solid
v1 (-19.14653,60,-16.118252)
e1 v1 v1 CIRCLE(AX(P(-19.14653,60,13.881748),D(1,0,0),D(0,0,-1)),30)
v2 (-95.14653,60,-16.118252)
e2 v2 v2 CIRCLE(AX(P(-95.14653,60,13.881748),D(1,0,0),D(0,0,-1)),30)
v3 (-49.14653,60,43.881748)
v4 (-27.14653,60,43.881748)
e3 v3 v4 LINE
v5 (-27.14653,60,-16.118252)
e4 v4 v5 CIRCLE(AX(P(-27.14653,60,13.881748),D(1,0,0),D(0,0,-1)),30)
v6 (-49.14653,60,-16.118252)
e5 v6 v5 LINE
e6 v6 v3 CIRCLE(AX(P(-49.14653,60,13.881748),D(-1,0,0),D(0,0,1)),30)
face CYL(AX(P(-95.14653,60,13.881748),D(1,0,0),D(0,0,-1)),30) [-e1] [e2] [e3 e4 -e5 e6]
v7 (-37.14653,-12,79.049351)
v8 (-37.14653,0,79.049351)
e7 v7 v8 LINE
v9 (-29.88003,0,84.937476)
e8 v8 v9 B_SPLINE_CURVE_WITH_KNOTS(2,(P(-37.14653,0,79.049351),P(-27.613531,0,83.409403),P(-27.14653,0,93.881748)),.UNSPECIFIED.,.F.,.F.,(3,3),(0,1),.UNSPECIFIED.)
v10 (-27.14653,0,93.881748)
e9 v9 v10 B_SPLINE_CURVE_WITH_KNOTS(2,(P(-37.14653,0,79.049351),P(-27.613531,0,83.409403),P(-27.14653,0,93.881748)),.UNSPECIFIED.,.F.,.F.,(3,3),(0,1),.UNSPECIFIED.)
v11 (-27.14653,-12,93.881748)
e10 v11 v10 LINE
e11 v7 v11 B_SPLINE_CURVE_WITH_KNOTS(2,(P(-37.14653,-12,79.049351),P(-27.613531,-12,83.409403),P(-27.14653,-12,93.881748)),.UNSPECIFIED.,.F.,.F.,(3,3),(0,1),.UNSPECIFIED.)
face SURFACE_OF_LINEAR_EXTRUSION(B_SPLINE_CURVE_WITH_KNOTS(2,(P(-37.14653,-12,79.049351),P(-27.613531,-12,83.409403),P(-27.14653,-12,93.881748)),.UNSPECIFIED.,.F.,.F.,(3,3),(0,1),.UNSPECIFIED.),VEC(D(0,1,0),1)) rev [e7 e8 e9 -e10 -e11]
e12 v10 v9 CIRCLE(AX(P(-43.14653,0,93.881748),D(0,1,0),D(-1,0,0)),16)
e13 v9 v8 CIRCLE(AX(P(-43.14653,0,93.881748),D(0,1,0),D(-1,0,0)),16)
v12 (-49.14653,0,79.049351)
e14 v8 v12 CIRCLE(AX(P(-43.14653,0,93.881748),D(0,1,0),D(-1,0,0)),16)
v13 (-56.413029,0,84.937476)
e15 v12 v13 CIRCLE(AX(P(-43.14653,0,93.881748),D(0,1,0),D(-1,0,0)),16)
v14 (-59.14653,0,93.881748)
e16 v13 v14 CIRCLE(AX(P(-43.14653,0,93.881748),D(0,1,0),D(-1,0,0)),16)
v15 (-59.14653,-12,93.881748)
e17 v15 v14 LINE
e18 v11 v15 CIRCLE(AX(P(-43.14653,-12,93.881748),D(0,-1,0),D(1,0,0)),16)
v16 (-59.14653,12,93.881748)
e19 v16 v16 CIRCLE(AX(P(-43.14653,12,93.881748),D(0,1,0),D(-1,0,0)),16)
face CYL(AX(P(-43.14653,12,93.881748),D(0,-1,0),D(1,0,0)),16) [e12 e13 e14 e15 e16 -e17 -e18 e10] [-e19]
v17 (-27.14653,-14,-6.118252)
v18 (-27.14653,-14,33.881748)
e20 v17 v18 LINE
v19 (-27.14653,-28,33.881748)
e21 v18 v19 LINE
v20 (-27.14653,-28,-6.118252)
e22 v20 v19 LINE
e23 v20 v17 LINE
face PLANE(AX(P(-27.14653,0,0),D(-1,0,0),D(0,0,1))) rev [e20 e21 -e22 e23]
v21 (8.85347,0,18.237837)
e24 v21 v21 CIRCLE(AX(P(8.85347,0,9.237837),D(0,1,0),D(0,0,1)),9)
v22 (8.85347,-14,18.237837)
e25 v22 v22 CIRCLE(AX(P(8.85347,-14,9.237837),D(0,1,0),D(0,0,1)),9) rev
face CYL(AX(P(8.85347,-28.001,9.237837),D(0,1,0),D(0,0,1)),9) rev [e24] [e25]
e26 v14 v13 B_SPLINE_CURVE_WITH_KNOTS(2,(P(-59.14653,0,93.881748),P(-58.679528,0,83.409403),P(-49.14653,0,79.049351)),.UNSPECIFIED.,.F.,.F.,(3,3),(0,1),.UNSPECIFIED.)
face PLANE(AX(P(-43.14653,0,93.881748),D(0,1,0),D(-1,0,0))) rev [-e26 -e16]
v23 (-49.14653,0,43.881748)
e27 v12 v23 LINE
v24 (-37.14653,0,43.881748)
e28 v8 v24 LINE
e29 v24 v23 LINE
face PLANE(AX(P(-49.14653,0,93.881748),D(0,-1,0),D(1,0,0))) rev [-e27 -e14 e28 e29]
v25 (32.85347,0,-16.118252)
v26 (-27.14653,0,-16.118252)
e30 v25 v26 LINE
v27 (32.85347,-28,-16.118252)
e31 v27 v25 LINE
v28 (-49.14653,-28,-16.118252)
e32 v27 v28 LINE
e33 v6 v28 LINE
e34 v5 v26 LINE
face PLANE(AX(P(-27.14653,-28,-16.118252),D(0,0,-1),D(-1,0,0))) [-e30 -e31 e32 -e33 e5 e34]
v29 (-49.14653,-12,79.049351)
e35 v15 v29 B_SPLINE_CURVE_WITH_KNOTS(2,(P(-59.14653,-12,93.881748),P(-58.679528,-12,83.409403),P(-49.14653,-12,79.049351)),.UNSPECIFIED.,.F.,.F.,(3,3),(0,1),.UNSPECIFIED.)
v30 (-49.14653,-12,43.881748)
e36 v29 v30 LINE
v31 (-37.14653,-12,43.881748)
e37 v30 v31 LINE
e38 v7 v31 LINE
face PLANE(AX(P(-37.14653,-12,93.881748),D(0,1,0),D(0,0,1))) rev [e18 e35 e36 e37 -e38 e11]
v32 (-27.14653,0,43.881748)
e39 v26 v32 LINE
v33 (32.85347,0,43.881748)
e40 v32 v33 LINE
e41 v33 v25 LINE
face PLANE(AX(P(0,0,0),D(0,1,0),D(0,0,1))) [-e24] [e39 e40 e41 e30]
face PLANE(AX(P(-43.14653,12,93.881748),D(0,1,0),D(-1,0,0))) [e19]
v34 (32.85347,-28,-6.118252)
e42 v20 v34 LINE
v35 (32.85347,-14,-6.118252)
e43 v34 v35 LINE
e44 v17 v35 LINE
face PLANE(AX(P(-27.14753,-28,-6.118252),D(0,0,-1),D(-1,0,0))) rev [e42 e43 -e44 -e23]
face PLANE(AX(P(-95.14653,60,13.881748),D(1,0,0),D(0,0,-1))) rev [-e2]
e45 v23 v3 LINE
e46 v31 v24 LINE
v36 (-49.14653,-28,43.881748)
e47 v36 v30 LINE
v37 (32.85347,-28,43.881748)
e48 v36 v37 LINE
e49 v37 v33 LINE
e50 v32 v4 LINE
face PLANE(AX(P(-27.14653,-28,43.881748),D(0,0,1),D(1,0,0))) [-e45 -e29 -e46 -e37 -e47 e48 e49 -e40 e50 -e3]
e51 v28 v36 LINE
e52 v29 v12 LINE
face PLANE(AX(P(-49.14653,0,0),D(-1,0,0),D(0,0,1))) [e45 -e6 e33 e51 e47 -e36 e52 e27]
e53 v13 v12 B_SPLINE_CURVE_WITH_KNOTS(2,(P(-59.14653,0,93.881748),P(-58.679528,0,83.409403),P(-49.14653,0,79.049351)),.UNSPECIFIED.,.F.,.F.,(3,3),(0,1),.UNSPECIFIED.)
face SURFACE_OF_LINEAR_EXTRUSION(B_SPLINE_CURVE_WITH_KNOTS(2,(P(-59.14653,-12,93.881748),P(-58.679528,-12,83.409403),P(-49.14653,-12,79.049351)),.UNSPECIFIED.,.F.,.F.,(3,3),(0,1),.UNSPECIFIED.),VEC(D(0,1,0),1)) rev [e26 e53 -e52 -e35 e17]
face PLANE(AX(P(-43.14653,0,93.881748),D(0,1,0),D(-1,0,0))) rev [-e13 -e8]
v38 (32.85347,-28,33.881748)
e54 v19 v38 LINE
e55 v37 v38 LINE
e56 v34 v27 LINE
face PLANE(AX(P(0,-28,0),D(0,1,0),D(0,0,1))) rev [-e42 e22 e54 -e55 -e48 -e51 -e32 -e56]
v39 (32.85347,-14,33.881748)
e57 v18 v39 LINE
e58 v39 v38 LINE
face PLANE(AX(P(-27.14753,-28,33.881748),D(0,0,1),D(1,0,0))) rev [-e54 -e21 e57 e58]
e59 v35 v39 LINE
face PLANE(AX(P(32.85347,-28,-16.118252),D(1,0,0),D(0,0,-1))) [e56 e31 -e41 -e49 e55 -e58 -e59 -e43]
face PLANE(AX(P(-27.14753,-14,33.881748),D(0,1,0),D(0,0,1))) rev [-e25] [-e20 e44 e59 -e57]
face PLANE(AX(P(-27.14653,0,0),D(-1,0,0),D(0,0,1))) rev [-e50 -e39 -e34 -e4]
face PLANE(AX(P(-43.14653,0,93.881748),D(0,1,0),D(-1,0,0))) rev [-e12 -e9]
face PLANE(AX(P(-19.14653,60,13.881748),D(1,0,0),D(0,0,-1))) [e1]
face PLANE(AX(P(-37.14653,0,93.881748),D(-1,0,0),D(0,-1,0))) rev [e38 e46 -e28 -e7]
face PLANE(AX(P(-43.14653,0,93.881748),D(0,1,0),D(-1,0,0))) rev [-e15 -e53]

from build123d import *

# Parameters (mm, degrees)
SKETCH1_W            = 60
SKETCH1_H            = 60
BOSS_EXTRUDE1_DEPTH  = 28
CUT_EXTRUDE1_REACH   = 81.433
SKETCH2_W            = 40
SKETCH2_H            = 14
CUT_EXTRUDE2_REACH   = 63.555
SKETCH3_R            = 9
SKETCH4_W            = 60
SKETCH4_H            = 60
BOSS_EXTRUDE2_DEPTH  = 22
SKETCH5_W            = 60
SKETCH5_H            = 28
BOSS_EXTRUDE3_DEPTH  = 22
SKETCH6_R            = 30
BOSS_EXTRUDE5_DEPTH  = 68
BOSS_EXTRUDE6_START  = 8
SKETCH8_R            = 30
BOSS_EXTRUDE6_DEPTH  = 8
SKETCH9_W            = 12
SKETCH9_H            = 12
BOSS_EXTRUDE8_DEPTH  = 50
SKETCH10_R           = 16
BOSS_EXTRUDE9_DEPTH  = 12
BOSS_EXTRUDE10_START = 12
BOSS_EXTRUDE10_DEPTH = 12
BOSS_EXTRUDE11_DEPTH = 12
BOSS_EXTRUDE12_DEPTH = 12


with BuildPart() as part:
    # Sketch1 → Boss-Extrude1 (new body)
    with BuildSketch(Plane(origin=(0, 0, 0), x_dir=(1, 0, 0), z_dir=(0, 1, 0))):
        with Locations((2.853470437, -13.881748072)):
            Rectangle(SKETCH1_W, SKETCH1_H)
    extrude(amount=-BOSS_EXTRUDE1_DEPTH)

    # Sketch2 → Cut-Extrude1 (cut, up to next)
    with BuildSketch(Plane(origin=(32.853470437, 0, 0), x_dir=(0, 0, -1), z_dir=(1, 0, 0)), mode=Mode.PRIVATE) as cut_extrude1_sk1:
        with Locations((-13.881748072, -21)):
            Rectangle(SKETCH2_W, SKETCH2_H)
    cut_extrude1_tool1 = extrude(cut_extrude1_sk1.sketch, amount=-CUT_EXTRUDE1_REACH, mode=Mode.PRIVATE) & part.part
    add(cut_extrude1_tool1.solids().sort_by_distance((32.85347, -21, 13.881748))[0], mode=Mode.SUBTRACT)

    # Sketch3 → Cut-Extrude2 (cut, up to next)
    with BuildSketch(Plane(origin=(0, 0, 0), x_dir=(1, 0, 0), z_dir=(0, 1, 0)), mode=Mode.PRIVATE) as cut_extrude2_sk1:
        with Locations(Location((8.853470437, -9.237836832, 0), (0, 0, 270))):
            Circle(SKETCH3_R)
    cut_extrude2_tool1 = extrude(cut_extrude2_sk1.sketch, amount=-CUT_EXTRUDE2_REACH, mode=Mode.PRIVATE) & part.part
    add(cut_extrude2_tool1.solids().sort_by_distance((8.85347, 0, 9.237837))[0], mode=Mode.SUBTRACT)



with BuildPart() as body_2:
    # Sketch4 → Boss-Extrude2 (new body)
    with BuildSketch(Plane.ZY.offset(27.146529563)):
        with Locations((13.881748072, 30)):
            Rectangle(SKETCH4_W, SKETCH4_H)
    extrude(amount=BOSS_EXTRUDE2_DEPTH)


with BuildPart() as part_1:
    add(part.part)

    add(body_2.part)  # Boss-Extrude3 merges body 2
    # Sketch5 → Boss-Extrude3 (add)
    with BuildSketch(Plane.ZY.offset(49.146529563)):
        with Locations((13.881748072, -14)):
            Rectangle(SKETCH5_W, SKETCH5_H)
    extrude(amount=-BOSS_EXTRUDE3_DEPTH)

    # Sketch6 → Boss-Extrude5 (add)
    with BuildSketch(Plane(origin=(-27.146529563, 0, 0), x_dir=(0, 0, -1), z_dir=(1, 0, 0))):
        with Locations((-13.881748072, 60)):
            Circle(SKETCH6_R)
    extrude(amount=-BOSS_EXTRUDE5_DEPTH)

    # Sketch8 → Boss-Extrude6 (add)
    with BuildSketch(Plane(origin=(-27.146529563, 0, 0), x_dir=(0, 0, -1), z_dir=(1, 0, 0)).offset(BOSS_EXTRUDE6_START)):
        with Locations((-13.881748072, 60)):
            Circle(SKETCH8_R)
    extrude(amount=-BOSS_EXTRUDE6_DEPTH)

    # Sketch9 → Boss-Extrude8 (add)
    with BuildSketch(Plane.XY.offset(43.881748072)):
        with Locations((-43.146529563, -6)):
            Rectangle(SKETCH9_W, SKETCH9_H)
    extrude(amount=BOSS_EXTRUDE8_DEPTH)

    # Sketch10 → Boss-Extrude9 (add)
    with BuildSketch(Plane(origin=(0, 0, 0), x_dir=(1, 0, 0), z_dir=(0, 1, 0))):
        with Locations(Location((-43.146529563, -93.881748072, 0), (0, 0, 67.975687163))):
            Circle(SKETCH10_R)
    extrude(amount=BOSS_EXTRUDE9_DEPTH)

    # Sketch11 → Boss-Extrude10 (add)
    with BuildSketch(Plane.XZ.offset(BOSS_EXTRUDE10_START)):
        with BuildLine():
            ThreePointArc((-27.146529563, 93.881748072), (-43.146529563, 109.881748072), (-59.146529563, 93.881748072))
            Line((-59.146529563, 93.881748072), (-49.146529563, 93.881748072))
            Line((-49.146529563, 93.881748072), (-37.146529563, 93.881748072))
            Line((-37.146529563, 93.881748072), (-27.146529563, 93.881748072))
        make_face()
    extrude(amount=-BOSS_EXTRUDE10_DEPTH)

    # Sketch12 → Boss-Extrude11 (add)
    with BuildSketch(Plane.XZ):
        with BuildLine():
            Line((-27.146529563, 93.881748072), (-37.146529563, 93.881748072))
            Line((-37.146529563, 93.881748072), (-37.146529563, 79.049351098))
            add(Edge.make_bspline(
                [(-27.146529563, 93.881748072), (-27.61353124, 83.409402739), (-37.146529563, 79.049351098)],
                knots=[0, 0, 0, 1, 1, 1], degree=2))
        make_face()
    extrude(amount=BOSS_EXTRUDE11_DEPTH)

    # Sketch13 → Boss-Extrude12 (add)
    with BuildSketch(Plane.XZ):
        with BuildLine():
            Line((-59.146529563, 93.881748072), (-49.146529563, 93.881748072))
            Line((-49.146529563, 93.881748072), (-49.146529563, 79.049351098))
            add(Edge.make_bspline(
                [(-59.146529563, 93.881748072), (-58.679527886, 83.409402739), (-49.146529563, 79.049351098)],
                knots=[0, 0, 0, 1, 1, 1], degree=2))
        make_face()
    extrude(amount=BOSS_EXTRUDE12_DEPTH)


solid = part_1.part
